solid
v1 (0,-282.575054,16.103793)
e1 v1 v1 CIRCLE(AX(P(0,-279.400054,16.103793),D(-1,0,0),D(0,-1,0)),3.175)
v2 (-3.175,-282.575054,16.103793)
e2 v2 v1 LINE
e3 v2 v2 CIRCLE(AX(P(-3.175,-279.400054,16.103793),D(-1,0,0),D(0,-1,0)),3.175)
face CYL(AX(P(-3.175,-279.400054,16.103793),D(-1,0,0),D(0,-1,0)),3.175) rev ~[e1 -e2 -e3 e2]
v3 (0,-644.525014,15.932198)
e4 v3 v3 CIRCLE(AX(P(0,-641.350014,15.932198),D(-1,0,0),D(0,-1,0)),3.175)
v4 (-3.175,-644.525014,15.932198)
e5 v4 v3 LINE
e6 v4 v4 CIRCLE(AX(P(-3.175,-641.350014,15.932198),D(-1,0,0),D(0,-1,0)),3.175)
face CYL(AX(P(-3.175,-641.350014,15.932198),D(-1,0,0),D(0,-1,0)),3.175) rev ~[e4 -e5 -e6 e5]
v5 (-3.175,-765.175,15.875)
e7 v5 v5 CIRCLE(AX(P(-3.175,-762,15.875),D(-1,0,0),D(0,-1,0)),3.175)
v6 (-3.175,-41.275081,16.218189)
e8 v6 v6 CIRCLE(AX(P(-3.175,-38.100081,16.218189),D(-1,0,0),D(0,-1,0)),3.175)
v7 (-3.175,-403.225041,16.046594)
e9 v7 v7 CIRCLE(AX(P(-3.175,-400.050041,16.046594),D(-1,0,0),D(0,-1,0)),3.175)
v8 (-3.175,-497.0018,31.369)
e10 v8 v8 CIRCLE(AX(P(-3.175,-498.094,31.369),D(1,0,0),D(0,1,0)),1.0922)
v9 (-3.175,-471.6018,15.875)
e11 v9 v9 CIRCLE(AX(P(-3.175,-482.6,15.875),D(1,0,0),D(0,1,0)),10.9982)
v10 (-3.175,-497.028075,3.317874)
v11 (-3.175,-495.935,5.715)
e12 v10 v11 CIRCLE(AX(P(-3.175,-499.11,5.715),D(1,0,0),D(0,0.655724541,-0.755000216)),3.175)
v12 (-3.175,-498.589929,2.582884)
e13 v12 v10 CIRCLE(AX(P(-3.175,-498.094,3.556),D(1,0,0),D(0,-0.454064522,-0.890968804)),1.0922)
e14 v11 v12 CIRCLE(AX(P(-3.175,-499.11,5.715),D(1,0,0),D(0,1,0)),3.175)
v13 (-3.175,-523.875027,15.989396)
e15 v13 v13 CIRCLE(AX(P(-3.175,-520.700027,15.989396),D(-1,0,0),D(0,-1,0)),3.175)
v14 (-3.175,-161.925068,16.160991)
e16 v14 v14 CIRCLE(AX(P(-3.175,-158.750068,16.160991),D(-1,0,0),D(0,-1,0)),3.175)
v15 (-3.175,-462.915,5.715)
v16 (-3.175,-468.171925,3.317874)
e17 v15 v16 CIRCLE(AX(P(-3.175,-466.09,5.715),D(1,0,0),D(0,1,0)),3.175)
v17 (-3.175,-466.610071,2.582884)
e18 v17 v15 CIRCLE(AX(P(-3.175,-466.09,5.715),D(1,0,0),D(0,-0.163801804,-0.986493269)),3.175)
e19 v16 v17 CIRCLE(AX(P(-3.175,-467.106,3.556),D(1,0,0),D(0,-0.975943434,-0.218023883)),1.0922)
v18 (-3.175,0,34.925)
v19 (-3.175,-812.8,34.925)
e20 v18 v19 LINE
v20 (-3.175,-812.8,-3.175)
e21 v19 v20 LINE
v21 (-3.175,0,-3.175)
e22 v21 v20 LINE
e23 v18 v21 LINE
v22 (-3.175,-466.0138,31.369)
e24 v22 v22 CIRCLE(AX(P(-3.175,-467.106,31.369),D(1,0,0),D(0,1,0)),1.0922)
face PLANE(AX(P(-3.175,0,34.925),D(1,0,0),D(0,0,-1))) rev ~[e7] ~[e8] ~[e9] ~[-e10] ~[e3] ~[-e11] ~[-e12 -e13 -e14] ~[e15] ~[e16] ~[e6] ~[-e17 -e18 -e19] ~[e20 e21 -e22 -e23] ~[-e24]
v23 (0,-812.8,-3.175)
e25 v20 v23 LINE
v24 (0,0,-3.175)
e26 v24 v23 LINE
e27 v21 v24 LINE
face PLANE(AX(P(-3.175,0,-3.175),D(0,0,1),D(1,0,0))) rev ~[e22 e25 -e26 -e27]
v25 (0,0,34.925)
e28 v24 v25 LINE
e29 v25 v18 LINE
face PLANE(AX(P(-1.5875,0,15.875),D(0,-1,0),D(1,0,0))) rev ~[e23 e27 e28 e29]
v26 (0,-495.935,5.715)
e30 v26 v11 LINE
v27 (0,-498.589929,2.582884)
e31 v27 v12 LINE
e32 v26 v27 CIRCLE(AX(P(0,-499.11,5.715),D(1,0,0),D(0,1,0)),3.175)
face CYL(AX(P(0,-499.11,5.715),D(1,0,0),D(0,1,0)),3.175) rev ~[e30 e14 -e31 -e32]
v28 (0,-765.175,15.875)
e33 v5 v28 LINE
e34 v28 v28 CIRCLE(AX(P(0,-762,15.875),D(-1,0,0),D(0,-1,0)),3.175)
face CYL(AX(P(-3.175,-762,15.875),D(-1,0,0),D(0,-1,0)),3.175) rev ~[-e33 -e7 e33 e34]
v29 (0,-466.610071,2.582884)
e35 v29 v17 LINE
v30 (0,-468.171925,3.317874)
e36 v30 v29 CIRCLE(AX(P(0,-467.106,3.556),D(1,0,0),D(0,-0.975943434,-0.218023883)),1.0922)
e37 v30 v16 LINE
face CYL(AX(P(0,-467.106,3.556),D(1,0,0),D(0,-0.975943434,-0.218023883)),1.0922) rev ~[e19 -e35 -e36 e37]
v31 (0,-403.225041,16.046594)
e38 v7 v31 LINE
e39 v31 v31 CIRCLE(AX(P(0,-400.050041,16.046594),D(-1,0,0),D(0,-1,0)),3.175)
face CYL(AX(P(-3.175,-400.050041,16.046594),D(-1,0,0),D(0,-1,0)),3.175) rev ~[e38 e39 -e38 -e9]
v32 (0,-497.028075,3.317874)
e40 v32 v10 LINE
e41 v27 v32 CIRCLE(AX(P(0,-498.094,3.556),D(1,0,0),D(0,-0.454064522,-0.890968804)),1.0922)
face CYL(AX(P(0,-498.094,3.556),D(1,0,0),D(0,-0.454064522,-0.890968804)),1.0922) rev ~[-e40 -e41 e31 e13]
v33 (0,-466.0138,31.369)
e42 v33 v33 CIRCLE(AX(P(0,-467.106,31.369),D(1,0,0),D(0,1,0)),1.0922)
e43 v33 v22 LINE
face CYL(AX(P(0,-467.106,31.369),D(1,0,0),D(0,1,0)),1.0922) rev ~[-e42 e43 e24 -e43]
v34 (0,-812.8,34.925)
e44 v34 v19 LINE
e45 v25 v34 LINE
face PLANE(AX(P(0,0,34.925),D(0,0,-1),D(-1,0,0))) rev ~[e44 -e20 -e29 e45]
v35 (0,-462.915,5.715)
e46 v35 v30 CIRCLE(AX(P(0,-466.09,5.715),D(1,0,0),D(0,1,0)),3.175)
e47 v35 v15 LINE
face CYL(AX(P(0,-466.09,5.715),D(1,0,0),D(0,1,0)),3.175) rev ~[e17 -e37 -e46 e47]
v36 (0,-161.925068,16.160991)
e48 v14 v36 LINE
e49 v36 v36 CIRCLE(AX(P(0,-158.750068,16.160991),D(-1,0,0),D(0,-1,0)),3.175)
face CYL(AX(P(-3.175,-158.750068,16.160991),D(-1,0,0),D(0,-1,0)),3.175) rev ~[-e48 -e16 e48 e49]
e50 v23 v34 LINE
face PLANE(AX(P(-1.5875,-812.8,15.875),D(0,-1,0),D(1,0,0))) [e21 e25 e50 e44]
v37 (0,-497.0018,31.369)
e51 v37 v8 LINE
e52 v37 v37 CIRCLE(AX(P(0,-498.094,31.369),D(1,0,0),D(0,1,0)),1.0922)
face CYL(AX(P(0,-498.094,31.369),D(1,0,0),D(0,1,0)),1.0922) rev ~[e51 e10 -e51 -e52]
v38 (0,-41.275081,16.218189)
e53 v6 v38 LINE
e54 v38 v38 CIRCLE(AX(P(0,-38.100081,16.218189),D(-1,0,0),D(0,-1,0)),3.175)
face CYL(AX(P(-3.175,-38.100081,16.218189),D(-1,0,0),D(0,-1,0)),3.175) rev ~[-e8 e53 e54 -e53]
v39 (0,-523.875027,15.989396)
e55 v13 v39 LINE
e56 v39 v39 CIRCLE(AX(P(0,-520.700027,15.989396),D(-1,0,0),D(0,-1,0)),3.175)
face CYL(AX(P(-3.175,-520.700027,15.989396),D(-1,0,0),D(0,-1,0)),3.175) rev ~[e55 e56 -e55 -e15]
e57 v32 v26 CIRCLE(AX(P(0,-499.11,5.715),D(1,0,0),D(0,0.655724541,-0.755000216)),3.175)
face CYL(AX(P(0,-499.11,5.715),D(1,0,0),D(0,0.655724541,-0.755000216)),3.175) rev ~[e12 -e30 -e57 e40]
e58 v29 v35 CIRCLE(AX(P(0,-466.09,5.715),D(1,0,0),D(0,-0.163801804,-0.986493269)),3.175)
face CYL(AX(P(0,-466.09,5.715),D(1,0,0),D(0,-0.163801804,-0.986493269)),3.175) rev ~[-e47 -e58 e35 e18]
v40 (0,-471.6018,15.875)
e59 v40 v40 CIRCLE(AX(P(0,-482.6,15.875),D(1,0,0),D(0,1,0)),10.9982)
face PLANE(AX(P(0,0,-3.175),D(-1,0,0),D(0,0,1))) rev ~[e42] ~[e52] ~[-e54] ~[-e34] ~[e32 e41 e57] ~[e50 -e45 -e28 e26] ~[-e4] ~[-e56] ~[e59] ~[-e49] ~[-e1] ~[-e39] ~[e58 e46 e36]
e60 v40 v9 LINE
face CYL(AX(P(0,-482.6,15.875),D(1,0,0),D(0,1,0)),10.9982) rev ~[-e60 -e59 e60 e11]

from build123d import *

# Parameters (mm, degrees)
F1_DEPTH = 812.8
F2_R     = 10.9982
F2_R_2   = 1.0922
F3_DEPTH = 25.4
F4_R     = 3.175
F5_DEPTH = 25.4


with BuildPart() as f1:
    # F0 (on Front) → F1 (new body)
    with BuildSketch(Plane.XZ):
        Polygon((0, -3.175), (0, 0), (0, 34.925), (-3.175, 34.925), (-3.175, -3.175), align=None)
    extrude(amount=F1_DEPTH)

    # F2 (on face) → F3 (cut)
    with BuildSketch(Plane.YZ):
        with Locations((-482.6, 15.875)):
            Circle(F2_R)
        with BuildLine():
            ThreePointArc((-497.0280745814, 3.3178743146), (-496.2211647499, 4.3977088788), (-495.935, 5.715))
            ThreePointArc((-495.935, 5.715), (-501.5319671306, 7.7679735064), (-498.5899292713, 2.5828838723))
            ThreePointArc((-498.5899292713, 2.5828838723), (-498.664634248, 4.4872772922), (-497.0018, 3.556))
            ThreePointArc((-497.0018, 3.556), (-497.0083885174, 3.4362145714), (-497.0280745814, 3.3178743146))
        make_face()
        with BuildLine():
            ThreePointArc((-497.0018, 3.556), (-498.664634248, 4.4872772922), (-498.5899292713, 2.5828838723))
            ThreePointArc((-498.5899292713, 2.5828838723), (-497.7580944097, 2.8422006205), (-497.0280745814, 3.3178743146))
            ThreePointArc((-497.0280745814, 3.3178743146), (-497.0083885174, 3.4362145714), (-497.0018, 3.556))
        make_face()
        with BuildLine():
            ThreePointArc((-497.0280745814, 3.3178743146), (-497.7580944097, 2.8422006205), (-498.5899292713, 2.5828838723))
            ThreePointArc((-498.5899292713, 2.5828838723), (-497.6289444769, 2.5677570135), (-497.0280745814, 3.3178743146))
        make_face()
        with BuildLine():
            ThreePointArc((-466.6100707287, 2.5828838723), (-464.0370264936, 3.2930328694), (-462.915, 5.715))
            ThreePointArc((-462.915, 5.715), (-467.4072911212, 8.6038352501), (-468.1719254186, 3.3178743146))
            ThreePointArc((-468.1719254186, 3.3178743146), (-467.2257854286, 4.6416114826), (-466.0138, 3.556))
            ThreePointArc((-466.0138, 3.556), (-466.1747227078, 2.985365752), (-466.6100707287, 2.5828838723))
        make_face()
        with BuildLine():
            ThreePointArc((-466.0138, 3.556), (-467.2257854286, 4.6416114826), (-468.1719254186, 3.3178743146))
            ThreePointArc((-468.1719254186, 3.3178743146), (-467.4419055903, 2.8422006205), (-466.6100707287, 2.5828838723))
            ThreePointArc((-466.6100707287, 2.5828838723), (-466.1747227078, 2.985365752), (-466.0138, 3.556))
        make_face()
        with BuildLine():
            ThreePointArc((-466.6100707287, 2.5828838723), (-467.4419055903, 2.8422006205), (-468.1719254186, 3.3178743146))
            ThreePointArc((-468.1719254186, 3.3178743146), (-467.5710555231, 2.5677570135), (-466.6100707287, 2.5828838723))
        make_face()
        with Locations((-498.094, 31.369)):
            Circle(F2_R_2)
        with Locations((-467.106, 31.369)):
            Circle(F2_R_2)
    extrude(amount=-F3_DEPTH, mode=Mode.SUBTRACT)

    # F4 (on face) → F5 (cut)
    with BuildSketch(Plane(origin=(-3.175, 0, 0), x_dir=(0, -1, 0), z_dir=(-1, 0, 0))):
        with Locations((762, 15.875)):
            Circle(F4_R)
        with Locations((641.3500135583, 15.9321981283)):
            Circle(F4_R)
        with Locations((520.7000271167, 15.9893962565)):
            Circle(F4_R)
        with Locations((400.050040675, 16.0465943848)):
            Circle(F4_R)
        with Locations((279.4000542333, 16.103792513)):
            Circle(F4_R)
        with Locations((158.7500677917, 16.1609906413)):
            Circle(F4_R)
        with Locations((38.10008135, 16.2181887695)):
            Circle(F4_R)
    extrude(amount=-F5_DEPTH, mode=Mode.SUBTRACT)


solid = f1.part
